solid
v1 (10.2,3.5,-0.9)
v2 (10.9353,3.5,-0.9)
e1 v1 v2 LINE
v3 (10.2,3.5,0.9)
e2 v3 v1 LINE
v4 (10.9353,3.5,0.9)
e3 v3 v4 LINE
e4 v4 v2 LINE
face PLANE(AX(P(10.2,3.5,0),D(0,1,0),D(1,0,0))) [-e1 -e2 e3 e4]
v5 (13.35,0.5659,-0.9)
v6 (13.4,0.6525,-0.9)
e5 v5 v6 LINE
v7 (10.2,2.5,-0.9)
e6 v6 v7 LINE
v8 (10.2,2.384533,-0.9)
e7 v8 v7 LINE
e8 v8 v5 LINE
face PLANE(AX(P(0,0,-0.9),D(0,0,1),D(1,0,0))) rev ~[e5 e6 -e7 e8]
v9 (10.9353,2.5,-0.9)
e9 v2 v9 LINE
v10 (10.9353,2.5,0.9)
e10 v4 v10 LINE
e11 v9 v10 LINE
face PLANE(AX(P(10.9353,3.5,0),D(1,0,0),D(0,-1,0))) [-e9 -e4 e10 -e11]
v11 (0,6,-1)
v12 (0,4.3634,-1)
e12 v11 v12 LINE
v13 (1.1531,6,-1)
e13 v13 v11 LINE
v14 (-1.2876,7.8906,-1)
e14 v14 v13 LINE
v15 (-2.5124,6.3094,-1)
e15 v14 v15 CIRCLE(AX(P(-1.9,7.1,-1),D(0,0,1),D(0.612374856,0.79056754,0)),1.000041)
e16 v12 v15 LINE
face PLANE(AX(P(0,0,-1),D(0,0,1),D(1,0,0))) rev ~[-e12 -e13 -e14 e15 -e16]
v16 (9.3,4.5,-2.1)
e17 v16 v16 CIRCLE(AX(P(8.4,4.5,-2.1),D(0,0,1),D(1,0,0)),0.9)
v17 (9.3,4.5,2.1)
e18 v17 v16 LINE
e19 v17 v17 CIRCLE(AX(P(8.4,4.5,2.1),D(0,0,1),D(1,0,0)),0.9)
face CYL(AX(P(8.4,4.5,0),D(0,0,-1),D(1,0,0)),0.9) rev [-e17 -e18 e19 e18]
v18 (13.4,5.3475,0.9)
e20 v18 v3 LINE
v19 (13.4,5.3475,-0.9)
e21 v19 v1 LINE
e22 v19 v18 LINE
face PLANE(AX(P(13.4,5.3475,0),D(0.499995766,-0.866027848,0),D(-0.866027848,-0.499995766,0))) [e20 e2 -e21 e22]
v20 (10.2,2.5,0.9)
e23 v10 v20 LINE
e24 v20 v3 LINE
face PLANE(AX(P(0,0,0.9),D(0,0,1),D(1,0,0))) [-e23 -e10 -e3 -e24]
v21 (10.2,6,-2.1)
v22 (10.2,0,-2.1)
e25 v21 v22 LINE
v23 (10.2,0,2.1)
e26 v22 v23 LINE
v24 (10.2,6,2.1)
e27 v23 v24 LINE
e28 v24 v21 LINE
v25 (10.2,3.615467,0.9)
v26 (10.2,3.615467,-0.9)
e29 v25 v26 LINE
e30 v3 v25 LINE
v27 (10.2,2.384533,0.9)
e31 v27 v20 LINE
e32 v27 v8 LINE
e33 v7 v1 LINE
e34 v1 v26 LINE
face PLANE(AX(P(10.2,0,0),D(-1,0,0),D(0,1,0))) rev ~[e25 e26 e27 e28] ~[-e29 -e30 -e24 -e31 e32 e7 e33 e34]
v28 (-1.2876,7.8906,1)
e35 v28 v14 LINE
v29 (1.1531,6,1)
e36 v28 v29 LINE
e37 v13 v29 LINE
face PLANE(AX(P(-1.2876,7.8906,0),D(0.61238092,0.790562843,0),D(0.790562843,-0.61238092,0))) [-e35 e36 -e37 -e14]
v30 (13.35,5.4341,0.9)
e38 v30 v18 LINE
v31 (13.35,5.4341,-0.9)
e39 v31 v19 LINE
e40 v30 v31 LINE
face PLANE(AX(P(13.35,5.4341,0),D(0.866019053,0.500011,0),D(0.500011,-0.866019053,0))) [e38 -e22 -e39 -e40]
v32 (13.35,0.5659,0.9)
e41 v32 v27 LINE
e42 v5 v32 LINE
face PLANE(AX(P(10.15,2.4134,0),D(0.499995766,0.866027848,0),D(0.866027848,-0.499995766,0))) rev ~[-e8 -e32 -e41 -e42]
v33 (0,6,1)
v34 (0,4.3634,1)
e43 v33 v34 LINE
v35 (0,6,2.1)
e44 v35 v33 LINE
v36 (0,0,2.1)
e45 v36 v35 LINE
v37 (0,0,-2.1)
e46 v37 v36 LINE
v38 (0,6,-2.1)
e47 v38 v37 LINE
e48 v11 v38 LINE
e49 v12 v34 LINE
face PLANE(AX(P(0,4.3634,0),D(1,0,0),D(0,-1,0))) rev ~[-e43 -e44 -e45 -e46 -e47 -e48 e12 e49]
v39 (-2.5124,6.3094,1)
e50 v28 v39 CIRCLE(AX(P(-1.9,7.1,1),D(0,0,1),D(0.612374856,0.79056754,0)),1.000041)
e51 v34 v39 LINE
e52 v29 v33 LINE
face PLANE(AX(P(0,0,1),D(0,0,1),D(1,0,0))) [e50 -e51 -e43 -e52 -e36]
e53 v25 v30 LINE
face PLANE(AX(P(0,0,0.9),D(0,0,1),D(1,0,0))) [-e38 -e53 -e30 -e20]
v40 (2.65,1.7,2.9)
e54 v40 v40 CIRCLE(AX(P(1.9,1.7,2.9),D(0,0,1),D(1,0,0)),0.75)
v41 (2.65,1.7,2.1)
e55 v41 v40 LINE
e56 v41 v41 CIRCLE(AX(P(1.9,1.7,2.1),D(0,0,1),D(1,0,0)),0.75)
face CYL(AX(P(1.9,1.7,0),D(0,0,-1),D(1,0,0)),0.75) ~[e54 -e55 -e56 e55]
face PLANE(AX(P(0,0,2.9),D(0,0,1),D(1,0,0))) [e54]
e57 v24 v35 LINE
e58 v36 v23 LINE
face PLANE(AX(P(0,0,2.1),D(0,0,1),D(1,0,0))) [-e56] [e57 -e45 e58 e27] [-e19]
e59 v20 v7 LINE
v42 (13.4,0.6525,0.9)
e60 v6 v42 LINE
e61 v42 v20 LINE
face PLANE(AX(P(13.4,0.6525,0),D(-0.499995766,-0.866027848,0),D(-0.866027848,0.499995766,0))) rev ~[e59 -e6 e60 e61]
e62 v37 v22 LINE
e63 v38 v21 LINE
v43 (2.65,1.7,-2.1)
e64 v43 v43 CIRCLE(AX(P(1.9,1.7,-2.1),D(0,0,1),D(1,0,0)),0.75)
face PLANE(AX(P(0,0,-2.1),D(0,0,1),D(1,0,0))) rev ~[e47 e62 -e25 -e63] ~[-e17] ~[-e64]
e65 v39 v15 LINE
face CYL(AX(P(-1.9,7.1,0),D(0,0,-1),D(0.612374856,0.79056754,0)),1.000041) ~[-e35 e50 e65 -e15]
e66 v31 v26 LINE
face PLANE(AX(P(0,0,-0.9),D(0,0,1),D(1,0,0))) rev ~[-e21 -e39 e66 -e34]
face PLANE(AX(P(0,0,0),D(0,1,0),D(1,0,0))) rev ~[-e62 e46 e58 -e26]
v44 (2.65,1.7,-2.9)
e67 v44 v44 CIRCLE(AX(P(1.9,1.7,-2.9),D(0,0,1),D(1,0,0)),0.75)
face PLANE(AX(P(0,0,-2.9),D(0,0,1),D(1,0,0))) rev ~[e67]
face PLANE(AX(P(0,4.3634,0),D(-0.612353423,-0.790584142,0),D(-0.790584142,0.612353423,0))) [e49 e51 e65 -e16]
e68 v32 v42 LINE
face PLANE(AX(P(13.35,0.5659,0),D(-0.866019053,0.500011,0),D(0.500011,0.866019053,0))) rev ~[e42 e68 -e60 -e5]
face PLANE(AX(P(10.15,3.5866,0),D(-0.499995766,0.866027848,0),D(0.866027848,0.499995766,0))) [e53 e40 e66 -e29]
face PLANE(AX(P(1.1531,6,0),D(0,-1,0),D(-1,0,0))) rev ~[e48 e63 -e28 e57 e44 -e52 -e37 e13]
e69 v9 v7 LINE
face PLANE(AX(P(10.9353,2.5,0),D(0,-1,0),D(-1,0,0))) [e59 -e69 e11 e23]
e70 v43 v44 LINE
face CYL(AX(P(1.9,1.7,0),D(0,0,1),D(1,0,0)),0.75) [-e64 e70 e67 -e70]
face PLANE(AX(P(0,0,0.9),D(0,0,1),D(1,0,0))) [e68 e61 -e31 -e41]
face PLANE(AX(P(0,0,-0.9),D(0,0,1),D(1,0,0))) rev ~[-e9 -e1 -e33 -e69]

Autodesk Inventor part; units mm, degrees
ref_plane "YZ Plane" through (0, 0, 0) normal (1, 0, 0) x (0, 1, 0)
ref_plane "XZ Plane" through (0, 0, 0) normal (0, 1, 0) x (-1, 0, 0)
ref_plane "XY Plane" through (0, 0, 0) normal (0, 0, 1) x (1, 0, 0)
sketch "Sketch1" plane through (0, 0, 0) normal (0, 0, 1) x (1, 0, 0)
  line L0 (0, 0) -> (10.2, 0)
  line L1 (10.2, 0) -> (10.2, 6)
  line L2 (10.2, 6) -> (0, 6)
  line L3 (0, 6) -> (0, 0)
  circle A0 centre (8.4, 4.5) radius 0.9
  line L4 (10.2, 3.5) -> (10.9353, 3.5)
  line L5 (10.9353, 3.5) -> (10.9353, 2.5)
  line L6 (10.9353, 2.5) -> (10.2, 2.5)
  line L7 (10.2, 2.5) -> (10.2, 3.5)
  line L8 (10.2, 3.5) -> (10.15, 3.5866)
  line L9 (10.15, 3.5866) -> (13.35, 5.4341)
  line L10 (13.35, 5.4341) -> (13.4, 5.3475)
  line L11 (13.4, 5.3475) -> (10.2, 3.5)
  line L12 (10.2, 2.5) -> (10.15, 2.4134)
  line L13 (10.15, 2.4134) -> (13.35, 0.5659)
  line L14 (13.35, 0.5659) -> (13.4, 0.6525)
  line L15 (13.4, 0.6525) -> (10.2, 2.5)
  circle A1 centre (1.9, 1.7) radius 0.75
  line L16 (0, 4.3634) -> (-2.5124, 6.3094)
  line L17 (-2.5124, 6.3094) -> (-1.2876, 7.8906)
  line L18 (-1.2876, 7.8906) -> (1.1531, 6)
  arc A2 (-1.2876, 7.8906) -> (-2.5124, 6.3094) centre (-1.9, 7.1) ccw
  point P0 (10.9353, 3)
  point P1 (10.2, 3)
  dimension "d0" = 10.2
  dimension "d1" = 6
  dimension "d2" = 1.8
  dimension "d3" = 1.5
  dimension "d4" = 1.8
  dimension "d5" = 2.8
  dimension "d6" = 6.5
  dimension "d7" = 1.5
  dimension "d8" = 0.1
  dimension "d9" = 0.1
  dimension "d10" = 2.1
  dimension "d11" = 13.1
  dimension "d12" = 30
  dimension "d13" = 30
  dimension "d15" = 1
  dimension "d16" = 5
  dimension "d17" = 2
extrude "Extrusion1" add sketch "Sketch1" along normal mid plane 4.2 contours L3 L2 L1 L9 L8 L12 L13 L0 | L13 L12 L1 | L8 L9 L1
extrude "Extrusion2" add sketch "Sketch1" along normal mid plane 1.8 contours L13 L12 L1 | L1 L15 L14 L13 | L1 L4 L5 L6 | L8 L9 L1 | L1 L9 L10 L11
extrude "Extrusion3" add sketch "Sketch1" along normal mid plane 5.8 contours A1
extrude "Extrusion4" add sketch "Sketch1" along normal mid plane 2 contours L16 L17 L18 L2 L3 | A2 L17
sketch "Sketch2" plane through (10.2, 2.5, 0.9) normal (0.5, 0.866, 0) x (0.866, -0.5, 0)
  line L0 (0, 0) -> (0, 1.8) projected
  line L1 (3.695, 0) -> (0, 0) projected
  line L2 (3.695, 1.8) -> (3.695, 0) projected
  line L3 (0, 1.8) -> (3.695, 1.8) projected
  line L4 (2.795, 0.9) -> (3.695, 0.9) construction
  point P0 (-7.5835, 0.9)
  dimension "d26" = 0.9
  dimension "d27" = 0.9
sketch "Sketch3" plane through (13.4, 5.3475, -0.9) normal (0.5, -0.866, 0) x (0.866, 0.5, 0)
  line L0 (0, 0) -> (0, 1.8) projected
  line L1 (-3.695, 1.8) -> (0, 1.8) projected
  line L2 (-3.695, 0) -> (-3.695, 1.8) projected
  line L3 (0, 0) -> (-3.695, 0) projected
  line L4 (0, 0) -> (0, 1.8) construction
  line L5 (0, 0.9) -> (-0.9, 0.9) construction
  point P0 (-14.2785, 0.9)
  dimension "d28" = 0.9
  dimension "d29" = 0.9
equation "\"d27\" = d26"
equation "\"d29\" = d28"
properties part number "LimitSwitch" material "ABS Plastic"
